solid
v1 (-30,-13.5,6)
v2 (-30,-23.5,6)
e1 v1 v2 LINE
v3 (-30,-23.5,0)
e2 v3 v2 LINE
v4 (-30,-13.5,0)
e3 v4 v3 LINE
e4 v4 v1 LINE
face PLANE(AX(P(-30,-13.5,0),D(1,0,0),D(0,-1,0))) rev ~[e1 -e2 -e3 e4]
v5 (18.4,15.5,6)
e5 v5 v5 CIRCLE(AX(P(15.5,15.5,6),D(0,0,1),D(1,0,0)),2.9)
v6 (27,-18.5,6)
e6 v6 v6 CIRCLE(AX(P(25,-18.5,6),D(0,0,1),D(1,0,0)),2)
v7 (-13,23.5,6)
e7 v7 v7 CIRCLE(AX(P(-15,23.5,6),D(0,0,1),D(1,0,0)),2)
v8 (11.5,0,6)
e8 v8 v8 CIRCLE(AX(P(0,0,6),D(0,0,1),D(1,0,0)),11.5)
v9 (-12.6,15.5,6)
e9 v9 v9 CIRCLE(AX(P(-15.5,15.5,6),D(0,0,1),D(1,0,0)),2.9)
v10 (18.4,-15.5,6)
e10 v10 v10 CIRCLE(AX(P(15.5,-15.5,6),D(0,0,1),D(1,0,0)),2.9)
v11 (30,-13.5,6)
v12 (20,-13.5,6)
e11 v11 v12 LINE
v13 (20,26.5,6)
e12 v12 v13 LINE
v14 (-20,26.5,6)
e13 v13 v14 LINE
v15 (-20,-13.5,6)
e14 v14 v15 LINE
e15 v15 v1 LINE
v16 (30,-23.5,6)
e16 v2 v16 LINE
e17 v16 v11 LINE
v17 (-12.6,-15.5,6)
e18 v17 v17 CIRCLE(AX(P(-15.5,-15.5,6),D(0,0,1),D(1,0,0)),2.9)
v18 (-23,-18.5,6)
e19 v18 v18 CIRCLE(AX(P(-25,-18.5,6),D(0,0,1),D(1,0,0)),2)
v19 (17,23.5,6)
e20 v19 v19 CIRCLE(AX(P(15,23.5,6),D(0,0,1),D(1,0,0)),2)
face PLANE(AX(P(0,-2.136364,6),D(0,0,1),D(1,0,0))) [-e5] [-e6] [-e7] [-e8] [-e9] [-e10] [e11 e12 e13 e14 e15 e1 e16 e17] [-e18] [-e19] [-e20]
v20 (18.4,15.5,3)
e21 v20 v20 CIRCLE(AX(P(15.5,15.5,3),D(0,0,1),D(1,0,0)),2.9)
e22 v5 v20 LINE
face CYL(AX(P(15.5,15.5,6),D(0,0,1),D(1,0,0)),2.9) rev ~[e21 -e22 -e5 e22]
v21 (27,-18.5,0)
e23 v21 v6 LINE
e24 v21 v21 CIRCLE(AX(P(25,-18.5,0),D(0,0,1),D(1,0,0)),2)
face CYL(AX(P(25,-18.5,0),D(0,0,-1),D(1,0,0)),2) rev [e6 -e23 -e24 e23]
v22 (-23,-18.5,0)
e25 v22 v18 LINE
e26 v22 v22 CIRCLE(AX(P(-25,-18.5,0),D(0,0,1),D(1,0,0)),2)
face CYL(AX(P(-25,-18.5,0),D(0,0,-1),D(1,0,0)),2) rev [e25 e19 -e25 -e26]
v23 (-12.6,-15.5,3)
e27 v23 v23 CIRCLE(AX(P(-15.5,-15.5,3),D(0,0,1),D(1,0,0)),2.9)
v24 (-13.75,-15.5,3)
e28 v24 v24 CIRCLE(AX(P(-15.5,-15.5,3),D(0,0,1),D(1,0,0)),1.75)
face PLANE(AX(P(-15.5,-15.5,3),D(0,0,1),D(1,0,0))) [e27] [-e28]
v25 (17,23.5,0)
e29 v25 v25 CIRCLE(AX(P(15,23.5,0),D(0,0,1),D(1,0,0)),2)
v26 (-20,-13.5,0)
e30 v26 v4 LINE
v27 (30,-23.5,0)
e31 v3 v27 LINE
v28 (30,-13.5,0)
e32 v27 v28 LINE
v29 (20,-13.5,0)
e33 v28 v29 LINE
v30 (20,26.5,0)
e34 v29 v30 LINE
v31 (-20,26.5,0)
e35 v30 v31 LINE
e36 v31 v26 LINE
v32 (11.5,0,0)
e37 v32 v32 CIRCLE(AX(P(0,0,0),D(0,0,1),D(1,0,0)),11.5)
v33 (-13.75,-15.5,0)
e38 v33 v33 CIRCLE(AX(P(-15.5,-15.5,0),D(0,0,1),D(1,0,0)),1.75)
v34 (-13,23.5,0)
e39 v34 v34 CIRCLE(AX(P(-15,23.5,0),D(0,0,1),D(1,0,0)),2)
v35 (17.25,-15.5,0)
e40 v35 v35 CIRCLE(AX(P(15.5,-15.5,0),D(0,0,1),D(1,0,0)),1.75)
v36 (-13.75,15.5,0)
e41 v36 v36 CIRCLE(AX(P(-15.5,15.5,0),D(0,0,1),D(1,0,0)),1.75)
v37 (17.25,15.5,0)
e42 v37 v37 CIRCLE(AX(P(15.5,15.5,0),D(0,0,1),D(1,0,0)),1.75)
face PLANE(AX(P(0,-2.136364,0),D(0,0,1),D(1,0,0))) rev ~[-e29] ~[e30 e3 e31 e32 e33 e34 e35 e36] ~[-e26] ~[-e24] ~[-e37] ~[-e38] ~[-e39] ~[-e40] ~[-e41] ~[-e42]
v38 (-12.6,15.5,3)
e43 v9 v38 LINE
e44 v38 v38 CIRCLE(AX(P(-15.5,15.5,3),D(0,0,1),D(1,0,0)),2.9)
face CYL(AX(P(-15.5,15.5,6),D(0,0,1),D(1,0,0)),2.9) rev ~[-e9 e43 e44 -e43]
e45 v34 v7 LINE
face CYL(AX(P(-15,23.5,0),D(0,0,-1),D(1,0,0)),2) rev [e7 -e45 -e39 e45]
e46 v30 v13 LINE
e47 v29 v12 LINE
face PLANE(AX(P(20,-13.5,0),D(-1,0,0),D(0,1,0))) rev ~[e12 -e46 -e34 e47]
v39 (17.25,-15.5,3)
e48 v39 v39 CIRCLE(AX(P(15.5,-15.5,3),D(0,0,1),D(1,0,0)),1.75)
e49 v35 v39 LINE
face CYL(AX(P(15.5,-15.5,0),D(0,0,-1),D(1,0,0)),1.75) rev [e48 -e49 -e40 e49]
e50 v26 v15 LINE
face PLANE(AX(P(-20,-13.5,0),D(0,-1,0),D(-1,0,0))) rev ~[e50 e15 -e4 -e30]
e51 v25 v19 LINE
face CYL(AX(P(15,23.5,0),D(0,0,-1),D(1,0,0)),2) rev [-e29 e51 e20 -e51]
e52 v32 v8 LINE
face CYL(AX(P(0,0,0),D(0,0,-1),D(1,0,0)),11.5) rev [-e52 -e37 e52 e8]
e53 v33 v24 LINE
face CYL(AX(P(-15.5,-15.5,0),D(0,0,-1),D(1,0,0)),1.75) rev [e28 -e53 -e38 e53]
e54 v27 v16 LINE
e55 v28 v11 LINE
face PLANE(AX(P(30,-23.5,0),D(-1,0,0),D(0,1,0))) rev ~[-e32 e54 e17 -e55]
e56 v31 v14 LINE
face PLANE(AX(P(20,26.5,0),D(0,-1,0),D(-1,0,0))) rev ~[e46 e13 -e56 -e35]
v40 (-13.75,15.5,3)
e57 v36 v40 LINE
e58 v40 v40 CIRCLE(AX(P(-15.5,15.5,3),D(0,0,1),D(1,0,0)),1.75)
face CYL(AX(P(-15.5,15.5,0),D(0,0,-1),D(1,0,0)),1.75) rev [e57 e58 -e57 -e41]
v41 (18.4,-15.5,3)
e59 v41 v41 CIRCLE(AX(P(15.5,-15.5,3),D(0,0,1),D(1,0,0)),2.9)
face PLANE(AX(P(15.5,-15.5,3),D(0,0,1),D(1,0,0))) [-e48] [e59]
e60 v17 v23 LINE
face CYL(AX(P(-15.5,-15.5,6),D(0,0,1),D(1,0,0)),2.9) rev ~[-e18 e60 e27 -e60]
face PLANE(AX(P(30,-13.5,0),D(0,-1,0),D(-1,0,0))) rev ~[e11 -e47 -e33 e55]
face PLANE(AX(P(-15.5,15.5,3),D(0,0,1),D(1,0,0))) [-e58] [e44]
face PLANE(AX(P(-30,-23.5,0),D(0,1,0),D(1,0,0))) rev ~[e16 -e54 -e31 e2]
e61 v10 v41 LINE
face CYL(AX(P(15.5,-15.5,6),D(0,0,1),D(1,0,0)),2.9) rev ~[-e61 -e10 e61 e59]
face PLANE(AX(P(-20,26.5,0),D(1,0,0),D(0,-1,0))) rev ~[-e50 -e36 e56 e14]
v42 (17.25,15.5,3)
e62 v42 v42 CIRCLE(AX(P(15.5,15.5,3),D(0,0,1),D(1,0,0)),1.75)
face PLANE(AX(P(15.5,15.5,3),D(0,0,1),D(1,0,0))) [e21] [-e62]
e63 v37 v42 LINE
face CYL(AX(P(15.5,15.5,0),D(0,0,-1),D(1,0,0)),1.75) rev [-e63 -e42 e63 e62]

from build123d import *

# Parameters (mm, degrees)
F0_R     = 2
F0_R_2   = 1.75
F0_R_3   = 11.5
F1_DEPTH = 6
F2_R     = 2.9
F2_R_2   = 1.75
F3_DEPTH = 3


with BuildPart() as f1:
    # F0 (on Top) → F1 (new body)
    with BuildSketch(Plane.XY):
        Polygon((-20, -23.5), (20, -23.5), (30, -23.5), (30, -13.5), (20, -13.5), (20, 26.5), (-20, 26.5), (-20, -13.5), (-30, -13.5), (-30, -23.5), align=None)
        with Locations((-25, -18.5)):
            Circle(F0_R, mode=Mode.SUBTRACT)
        with Locations((-15.5, -15.5)):
            Circle(F0_R_2, mode=Mode.SUBTRACT)
        with Locations((25, -18.5)):
            Circle(F0_R, mode=Mode.SUBTRACT)
        with Locations((15.5, -15.5)):
            Circle(F0_R_2, mode=Mode.SUBTRACT)
        Circle(F0_R_3, mode=Mode.SUBTRACT)
        with Locations((-15.5, 15.5)):
            Circle(F0_R_2, mode=Mode.SUBTRACT)
        with Locations((-15, 23.5)):
            Circle(F0_R, mode=Mode.SUBTRACT)
        with Locations((15.5, 15.5)):
            Circle(F0_R_2, mode=Mode.SUBTRACT)
        with Locations((15, 23.5)):
            Circle(F0_R, mode=Mode.SUBTRACT)
    extrude(amount=F1_DEPTH)

    # F2 (on face) → F3 (cut)
    with BuildSketch(Plane.XY.offset(6)):
        with Locations((-15.5, 15.5)):
            Circle(F2_R)
        with Locations((-15.5, 15.5)):
            Circle(F2_R_2, mode=Mode.SUBTRACT)
        with Locations((15.5, 15.5)):
            Circle(F2_R)
        with Locations((15.5, 15.5)):
            Circle(F2_R_2, mode=Mode.SUBTRACT)
        with Locations((15.5, -15.5)):
            Circle(F2_R)
        with Locations((15.5, -15.5)):
            Circle(F2_R_2, mode=Mode.SUBTRACT)
        with Locations((-15.5, -15.5)):
            Circle(F2_R)
        with Locations((-15.5, -15.5)):
            Circle(F2_R_2, mode=Mode.SUBTRACT)
    extrude(amount=-F3_DEPTH, mode=Mode.SUBTRACT)


solid = f1.part
